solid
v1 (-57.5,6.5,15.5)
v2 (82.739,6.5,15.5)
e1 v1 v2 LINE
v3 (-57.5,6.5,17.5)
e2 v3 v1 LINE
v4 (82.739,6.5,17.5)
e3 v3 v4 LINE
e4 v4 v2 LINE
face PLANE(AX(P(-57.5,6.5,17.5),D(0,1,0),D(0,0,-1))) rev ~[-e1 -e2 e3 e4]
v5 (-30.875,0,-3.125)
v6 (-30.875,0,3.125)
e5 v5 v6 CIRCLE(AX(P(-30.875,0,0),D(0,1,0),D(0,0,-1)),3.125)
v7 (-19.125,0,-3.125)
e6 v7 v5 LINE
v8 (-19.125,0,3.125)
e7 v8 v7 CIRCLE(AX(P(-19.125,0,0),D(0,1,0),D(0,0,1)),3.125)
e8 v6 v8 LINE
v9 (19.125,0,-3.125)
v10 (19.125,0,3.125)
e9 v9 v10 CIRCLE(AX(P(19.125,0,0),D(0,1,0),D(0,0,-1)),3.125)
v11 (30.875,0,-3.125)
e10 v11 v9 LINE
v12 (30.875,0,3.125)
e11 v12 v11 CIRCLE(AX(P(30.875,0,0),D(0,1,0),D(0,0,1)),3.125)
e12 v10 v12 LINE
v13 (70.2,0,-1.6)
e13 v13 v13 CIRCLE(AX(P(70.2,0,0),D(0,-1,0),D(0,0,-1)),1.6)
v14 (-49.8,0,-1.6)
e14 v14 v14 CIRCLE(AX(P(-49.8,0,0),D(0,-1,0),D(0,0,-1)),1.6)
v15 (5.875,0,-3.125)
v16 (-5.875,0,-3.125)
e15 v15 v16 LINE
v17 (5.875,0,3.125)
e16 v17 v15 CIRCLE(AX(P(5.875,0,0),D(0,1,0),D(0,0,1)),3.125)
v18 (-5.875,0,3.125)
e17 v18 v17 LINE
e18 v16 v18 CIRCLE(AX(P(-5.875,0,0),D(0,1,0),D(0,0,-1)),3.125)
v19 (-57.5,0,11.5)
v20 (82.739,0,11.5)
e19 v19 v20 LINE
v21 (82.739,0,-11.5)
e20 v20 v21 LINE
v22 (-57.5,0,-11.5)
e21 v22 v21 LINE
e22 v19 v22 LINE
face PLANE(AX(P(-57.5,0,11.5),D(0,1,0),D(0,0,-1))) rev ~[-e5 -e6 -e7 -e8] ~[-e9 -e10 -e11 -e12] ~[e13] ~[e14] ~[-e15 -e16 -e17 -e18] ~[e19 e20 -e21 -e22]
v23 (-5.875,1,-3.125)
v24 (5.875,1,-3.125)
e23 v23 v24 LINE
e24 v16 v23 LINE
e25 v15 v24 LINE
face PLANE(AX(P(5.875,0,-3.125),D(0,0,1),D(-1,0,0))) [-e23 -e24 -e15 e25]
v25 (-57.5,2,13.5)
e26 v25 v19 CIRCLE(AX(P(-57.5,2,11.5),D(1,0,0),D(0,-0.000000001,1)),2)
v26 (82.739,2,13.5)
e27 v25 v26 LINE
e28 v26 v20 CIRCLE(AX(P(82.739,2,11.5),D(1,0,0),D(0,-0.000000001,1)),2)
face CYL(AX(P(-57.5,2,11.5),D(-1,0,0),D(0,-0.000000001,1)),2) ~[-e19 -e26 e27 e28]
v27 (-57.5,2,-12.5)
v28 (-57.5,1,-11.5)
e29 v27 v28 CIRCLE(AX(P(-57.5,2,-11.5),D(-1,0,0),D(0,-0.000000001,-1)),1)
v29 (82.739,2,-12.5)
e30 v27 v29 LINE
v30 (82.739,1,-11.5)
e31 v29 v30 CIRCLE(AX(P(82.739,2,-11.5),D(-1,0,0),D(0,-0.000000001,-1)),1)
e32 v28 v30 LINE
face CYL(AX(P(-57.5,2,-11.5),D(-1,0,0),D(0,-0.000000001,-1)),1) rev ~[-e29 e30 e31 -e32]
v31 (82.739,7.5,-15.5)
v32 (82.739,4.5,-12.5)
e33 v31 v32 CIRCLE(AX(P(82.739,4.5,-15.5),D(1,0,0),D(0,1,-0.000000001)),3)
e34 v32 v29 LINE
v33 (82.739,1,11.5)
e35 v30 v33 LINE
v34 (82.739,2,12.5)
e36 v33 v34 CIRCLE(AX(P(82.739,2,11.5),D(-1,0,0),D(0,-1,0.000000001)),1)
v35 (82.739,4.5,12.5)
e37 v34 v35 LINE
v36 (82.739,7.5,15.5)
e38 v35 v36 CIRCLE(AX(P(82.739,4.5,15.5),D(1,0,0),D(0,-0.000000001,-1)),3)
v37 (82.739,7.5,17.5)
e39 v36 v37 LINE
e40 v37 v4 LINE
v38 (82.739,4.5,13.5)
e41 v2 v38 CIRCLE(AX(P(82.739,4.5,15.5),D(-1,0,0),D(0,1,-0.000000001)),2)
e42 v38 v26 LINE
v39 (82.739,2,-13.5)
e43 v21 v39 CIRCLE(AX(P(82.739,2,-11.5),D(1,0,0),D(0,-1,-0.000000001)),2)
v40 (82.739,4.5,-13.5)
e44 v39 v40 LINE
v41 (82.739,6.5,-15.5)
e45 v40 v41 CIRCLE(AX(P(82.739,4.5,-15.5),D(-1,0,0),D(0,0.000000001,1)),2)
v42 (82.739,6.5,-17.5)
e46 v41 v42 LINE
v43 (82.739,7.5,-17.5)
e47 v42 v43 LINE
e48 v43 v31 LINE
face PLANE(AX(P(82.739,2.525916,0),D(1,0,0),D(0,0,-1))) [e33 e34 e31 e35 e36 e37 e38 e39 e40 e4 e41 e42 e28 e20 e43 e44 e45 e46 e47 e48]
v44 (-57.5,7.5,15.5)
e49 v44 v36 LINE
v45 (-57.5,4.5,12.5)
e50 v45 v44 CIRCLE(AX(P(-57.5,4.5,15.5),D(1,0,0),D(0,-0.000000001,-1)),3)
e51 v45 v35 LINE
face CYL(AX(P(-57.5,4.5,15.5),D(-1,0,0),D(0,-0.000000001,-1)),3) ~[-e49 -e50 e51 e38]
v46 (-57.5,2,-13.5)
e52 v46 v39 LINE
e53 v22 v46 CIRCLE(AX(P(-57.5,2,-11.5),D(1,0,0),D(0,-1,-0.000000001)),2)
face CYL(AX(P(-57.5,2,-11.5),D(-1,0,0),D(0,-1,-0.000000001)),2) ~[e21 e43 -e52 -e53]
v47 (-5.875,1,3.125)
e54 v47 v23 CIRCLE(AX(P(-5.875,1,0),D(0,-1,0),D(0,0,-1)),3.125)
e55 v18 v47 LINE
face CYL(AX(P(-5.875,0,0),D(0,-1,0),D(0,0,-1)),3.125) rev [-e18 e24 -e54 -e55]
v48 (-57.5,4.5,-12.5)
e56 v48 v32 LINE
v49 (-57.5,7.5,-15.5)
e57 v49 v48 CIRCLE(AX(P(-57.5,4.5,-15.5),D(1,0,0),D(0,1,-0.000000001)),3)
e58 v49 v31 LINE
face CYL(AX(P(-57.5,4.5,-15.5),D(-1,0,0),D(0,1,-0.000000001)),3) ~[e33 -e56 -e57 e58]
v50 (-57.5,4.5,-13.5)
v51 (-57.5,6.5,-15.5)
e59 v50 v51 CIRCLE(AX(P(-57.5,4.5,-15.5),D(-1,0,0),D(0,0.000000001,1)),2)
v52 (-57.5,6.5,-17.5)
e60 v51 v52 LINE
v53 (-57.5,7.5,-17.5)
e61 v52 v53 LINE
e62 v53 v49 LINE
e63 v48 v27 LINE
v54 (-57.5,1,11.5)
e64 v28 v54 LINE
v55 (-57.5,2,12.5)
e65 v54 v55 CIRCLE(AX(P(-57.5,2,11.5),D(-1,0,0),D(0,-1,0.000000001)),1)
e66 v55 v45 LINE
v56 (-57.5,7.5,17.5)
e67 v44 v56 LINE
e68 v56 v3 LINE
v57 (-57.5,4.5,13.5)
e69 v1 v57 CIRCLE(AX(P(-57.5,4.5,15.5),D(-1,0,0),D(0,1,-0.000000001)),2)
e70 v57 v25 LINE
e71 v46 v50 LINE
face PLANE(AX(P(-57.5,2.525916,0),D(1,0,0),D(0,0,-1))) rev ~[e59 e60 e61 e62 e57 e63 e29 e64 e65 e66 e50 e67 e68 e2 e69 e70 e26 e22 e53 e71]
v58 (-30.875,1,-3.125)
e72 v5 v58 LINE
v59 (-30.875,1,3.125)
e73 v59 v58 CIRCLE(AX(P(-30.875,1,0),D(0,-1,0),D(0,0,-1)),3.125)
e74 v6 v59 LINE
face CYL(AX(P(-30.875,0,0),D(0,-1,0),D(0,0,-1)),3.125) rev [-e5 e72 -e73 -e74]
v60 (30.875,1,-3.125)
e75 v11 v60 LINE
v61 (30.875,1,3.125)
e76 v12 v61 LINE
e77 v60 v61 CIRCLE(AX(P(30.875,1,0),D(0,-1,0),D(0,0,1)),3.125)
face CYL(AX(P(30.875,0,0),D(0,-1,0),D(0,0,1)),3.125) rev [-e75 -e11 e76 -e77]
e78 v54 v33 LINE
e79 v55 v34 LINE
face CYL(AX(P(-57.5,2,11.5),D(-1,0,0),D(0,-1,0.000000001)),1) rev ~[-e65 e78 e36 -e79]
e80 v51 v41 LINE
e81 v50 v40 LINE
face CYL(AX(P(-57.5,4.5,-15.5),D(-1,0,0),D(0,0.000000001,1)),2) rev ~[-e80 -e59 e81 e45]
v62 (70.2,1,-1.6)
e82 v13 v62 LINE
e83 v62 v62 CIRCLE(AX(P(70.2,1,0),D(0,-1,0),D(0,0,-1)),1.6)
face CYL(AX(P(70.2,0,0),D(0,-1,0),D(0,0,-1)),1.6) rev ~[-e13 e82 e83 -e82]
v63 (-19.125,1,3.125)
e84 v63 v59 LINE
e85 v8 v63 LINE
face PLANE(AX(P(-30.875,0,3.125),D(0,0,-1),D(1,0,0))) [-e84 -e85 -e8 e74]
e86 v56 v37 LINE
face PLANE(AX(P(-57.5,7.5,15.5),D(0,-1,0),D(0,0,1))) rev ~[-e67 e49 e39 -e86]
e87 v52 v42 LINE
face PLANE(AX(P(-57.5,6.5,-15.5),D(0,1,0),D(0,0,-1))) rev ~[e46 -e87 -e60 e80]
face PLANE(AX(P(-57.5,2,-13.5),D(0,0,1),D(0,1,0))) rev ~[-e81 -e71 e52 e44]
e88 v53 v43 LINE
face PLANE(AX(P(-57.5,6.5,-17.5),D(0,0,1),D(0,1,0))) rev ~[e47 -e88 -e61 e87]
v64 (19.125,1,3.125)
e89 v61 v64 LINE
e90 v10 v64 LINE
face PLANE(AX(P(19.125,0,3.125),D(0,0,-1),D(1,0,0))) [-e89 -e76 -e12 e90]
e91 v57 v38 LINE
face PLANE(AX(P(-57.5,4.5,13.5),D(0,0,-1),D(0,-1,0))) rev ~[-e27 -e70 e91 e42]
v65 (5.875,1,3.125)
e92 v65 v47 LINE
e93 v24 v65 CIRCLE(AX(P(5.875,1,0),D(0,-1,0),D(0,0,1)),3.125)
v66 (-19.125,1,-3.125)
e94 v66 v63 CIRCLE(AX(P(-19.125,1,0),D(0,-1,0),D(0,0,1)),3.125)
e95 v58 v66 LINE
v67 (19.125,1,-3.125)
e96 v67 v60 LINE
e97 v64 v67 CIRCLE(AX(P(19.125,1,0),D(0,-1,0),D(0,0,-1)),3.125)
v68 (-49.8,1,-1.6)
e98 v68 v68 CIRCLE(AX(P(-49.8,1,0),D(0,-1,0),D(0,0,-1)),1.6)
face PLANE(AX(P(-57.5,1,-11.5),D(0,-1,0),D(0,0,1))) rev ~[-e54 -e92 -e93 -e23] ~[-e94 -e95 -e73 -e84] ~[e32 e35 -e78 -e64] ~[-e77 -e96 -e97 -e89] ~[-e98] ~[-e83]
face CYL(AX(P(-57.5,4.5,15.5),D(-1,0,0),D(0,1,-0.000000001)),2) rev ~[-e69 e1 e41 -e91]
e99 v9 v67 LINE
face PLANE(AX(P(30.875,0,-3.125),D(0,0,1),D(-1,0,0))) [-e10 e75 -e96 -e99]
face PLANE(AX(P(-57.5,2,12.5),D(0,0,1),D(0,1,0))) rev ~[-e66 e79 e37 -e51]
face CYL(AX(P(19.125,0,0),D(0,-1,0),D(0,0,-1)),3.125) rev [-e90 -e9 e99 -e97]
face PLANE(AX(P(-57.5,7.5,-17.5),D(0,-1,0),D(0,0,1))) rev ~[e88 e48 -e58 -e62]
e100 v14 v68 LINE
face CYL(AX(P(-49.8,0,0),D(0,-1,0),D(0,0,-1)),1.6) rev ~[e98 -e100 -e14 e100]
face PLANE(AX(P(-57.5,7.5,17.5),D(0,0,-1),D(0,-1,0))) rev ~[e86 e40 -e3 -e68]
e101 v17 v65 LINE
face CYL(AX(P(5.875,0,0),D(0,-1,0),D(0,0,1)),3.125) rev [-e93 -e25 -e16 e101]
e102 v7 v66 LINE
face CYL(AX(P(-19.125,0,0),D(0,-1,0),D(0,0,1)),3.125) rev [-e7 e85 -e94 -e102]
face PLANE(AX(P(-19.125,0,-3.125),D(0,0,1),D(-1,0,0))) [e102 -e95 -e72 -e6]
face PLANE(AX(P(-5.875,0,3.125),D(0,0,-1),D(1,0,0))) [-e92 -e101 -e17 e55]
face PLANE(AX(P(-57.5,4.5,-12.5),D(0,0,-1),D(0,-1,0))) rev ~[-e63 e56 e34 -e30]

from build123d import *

# Parameters (mm, degrees)
EXTRUDE_THIN1_DEPTH        = 82.739
EXTRUDE_THIN1_DEPTH_BACK   = 57.5
CUT_EXTRUDE1_REACH         = 86.901
LPATTERN1_COUNT            = 2
LPATTERN1_PITCH            = 25
LPATTERN1_COL_COUNT        = 2
LPATTERN1_COL_PITCH        = 25
SZKIC1_R                   = 1.6
WYTNIJ_WYCI_GNI_CIE1_DEPTH = 85.901367015


with BuildPart() as part:
    # Sketch1 → Extrude-Thin1 (new, two sides: drawn at the far end of the back side and taken through both)
    with BuildSketch(Plane(origin=(0, 0, 0), x_dir=(0, 0, -1), z_dir=(1, 0, 0)).offset(-EXTRUDE_THIN1_DEPTH_BACK)):
        with BuildLine():
            Line((-17.5, 6.5), (-15.5, 6.5))
            ThreePointArc((-15.5, 6.5), (-14.085786438, 5.914213562), (-13.5, 4.5))
            Line((-13.5, 4.5), (-13.5, 2))
            ThreePointArc((-13.5, 2), (-12.914213562, 0.585786438), (-11.5, 0))
            Line((-11.5, 0), (11.5, 0))
            ThreePointArc((11.5, 0), (12.914213562, 0.585786438), (13.5, 2))
            Line((13.5, 2), (13.5, 4.5))
            ThreePointArc((13.5, 4.5), (14.085786438, 5.914213562), (15.5, 6.5))
            Line((15.5, 6.5), (17.5, 6.5))
            Line((17.5, 6.5), (17.5, 7.5))
            Line((17.5, 7.5), (15.5, 7.5))
            ThreePointArc((15.5, 7.5), (13.378679656, 6.621320344), (12.5, 4.5))
            Line((12.5, 4.5), (12.5, 2))
            ThreePointArc((12.5, 2), (12.207106781, 1.292893219), (11.5, 1))
            Line((11.5, 1), (-11.5, 1))
            ThreePointArc((-11.5, 1), (-12.207106781, 1.292893219), (-12.5, 2))
            Line((-12.5, 2), (-12.5, 4.5))
            ThreePointArc((-12.5, 4.5), (-13.378679656, 6.621320344), (-15.5, 7.5))
            Line((-15.5, 7.5), (-17.5, 7.5))
            Line((-17.5, 7.5), (-17.5, 6.5))
        make_face()
    extrude(amount=EXTRUDE_THIN1_DEPTH + EXTRUDE_THIN1_DEPTH_BACK)

    # Sketch2 → Cut-Extrude1 (cut, up to next)
    with BuildSketch(Plane.XZ, mode=Mode.PRIVATE) as cut_extrude1_sk1:
        with BuildLine():
            Line((-5.875, 3.125), (5.875, 3.125))
            ThreePointArc((5.875, 3.125), (9, 0), (5.875, -3.125))
            Line((5.875, -3.125), (-5.875, -3.125))
            ThreePointArc((-5.875, -3.125), (-9, 0), (-5.875, 3.125))
        make_face()
    cut_extrude1_tool1 = extrude(cut_extrude1_sk1.sketch, amount=-CUT_EXTRUDE1_REACH, mode=Mode.PRIVATE) & part.part
    cut_extrude1 = cut_extrude1_tool1.solids().sort_by_distance((0, 0, 0))[0]
    add(cut_extrude1, mode=Mode.SUBTRACT)

    # LPattern1: Cut-Extrude1 ×2
    with Locations(*[(i * LPATTERN1_PITCH, 0, 0) for i in range(1, LPATTERN1_COUNT)]):
        add(cut_extrude1, mode=Mode.SUBTRACT)

    # LPattern1 col: Cut-Extrude1 ×2
    with Locations(*[(-i * LPATTERN1_COL_PITCH, 0, 0) for i in range(1, LPATTERN1_COL_COUNT)]):
        add(cut_extrude1, mode=Mode.SUBTRACT)

    # Szkic1 → Wytnij-wyciągnięcie1 (cut, through all)
    with BuildSketch(Plane.XZ):
        with Locations(Location((70.2, 0, 0), (0, 0, 270))):
            Circle(SZKIC1_R)
        with Locations(Location((-49.8, 0, 0), (0, 0, 270))):
            Circle(SZKIC1_R)
    extrude(amount=-WYTNIJ_WYCI_GNI_CIE1_DEPTH, mode=Mode.SUBTRACT)


solid = part.part
